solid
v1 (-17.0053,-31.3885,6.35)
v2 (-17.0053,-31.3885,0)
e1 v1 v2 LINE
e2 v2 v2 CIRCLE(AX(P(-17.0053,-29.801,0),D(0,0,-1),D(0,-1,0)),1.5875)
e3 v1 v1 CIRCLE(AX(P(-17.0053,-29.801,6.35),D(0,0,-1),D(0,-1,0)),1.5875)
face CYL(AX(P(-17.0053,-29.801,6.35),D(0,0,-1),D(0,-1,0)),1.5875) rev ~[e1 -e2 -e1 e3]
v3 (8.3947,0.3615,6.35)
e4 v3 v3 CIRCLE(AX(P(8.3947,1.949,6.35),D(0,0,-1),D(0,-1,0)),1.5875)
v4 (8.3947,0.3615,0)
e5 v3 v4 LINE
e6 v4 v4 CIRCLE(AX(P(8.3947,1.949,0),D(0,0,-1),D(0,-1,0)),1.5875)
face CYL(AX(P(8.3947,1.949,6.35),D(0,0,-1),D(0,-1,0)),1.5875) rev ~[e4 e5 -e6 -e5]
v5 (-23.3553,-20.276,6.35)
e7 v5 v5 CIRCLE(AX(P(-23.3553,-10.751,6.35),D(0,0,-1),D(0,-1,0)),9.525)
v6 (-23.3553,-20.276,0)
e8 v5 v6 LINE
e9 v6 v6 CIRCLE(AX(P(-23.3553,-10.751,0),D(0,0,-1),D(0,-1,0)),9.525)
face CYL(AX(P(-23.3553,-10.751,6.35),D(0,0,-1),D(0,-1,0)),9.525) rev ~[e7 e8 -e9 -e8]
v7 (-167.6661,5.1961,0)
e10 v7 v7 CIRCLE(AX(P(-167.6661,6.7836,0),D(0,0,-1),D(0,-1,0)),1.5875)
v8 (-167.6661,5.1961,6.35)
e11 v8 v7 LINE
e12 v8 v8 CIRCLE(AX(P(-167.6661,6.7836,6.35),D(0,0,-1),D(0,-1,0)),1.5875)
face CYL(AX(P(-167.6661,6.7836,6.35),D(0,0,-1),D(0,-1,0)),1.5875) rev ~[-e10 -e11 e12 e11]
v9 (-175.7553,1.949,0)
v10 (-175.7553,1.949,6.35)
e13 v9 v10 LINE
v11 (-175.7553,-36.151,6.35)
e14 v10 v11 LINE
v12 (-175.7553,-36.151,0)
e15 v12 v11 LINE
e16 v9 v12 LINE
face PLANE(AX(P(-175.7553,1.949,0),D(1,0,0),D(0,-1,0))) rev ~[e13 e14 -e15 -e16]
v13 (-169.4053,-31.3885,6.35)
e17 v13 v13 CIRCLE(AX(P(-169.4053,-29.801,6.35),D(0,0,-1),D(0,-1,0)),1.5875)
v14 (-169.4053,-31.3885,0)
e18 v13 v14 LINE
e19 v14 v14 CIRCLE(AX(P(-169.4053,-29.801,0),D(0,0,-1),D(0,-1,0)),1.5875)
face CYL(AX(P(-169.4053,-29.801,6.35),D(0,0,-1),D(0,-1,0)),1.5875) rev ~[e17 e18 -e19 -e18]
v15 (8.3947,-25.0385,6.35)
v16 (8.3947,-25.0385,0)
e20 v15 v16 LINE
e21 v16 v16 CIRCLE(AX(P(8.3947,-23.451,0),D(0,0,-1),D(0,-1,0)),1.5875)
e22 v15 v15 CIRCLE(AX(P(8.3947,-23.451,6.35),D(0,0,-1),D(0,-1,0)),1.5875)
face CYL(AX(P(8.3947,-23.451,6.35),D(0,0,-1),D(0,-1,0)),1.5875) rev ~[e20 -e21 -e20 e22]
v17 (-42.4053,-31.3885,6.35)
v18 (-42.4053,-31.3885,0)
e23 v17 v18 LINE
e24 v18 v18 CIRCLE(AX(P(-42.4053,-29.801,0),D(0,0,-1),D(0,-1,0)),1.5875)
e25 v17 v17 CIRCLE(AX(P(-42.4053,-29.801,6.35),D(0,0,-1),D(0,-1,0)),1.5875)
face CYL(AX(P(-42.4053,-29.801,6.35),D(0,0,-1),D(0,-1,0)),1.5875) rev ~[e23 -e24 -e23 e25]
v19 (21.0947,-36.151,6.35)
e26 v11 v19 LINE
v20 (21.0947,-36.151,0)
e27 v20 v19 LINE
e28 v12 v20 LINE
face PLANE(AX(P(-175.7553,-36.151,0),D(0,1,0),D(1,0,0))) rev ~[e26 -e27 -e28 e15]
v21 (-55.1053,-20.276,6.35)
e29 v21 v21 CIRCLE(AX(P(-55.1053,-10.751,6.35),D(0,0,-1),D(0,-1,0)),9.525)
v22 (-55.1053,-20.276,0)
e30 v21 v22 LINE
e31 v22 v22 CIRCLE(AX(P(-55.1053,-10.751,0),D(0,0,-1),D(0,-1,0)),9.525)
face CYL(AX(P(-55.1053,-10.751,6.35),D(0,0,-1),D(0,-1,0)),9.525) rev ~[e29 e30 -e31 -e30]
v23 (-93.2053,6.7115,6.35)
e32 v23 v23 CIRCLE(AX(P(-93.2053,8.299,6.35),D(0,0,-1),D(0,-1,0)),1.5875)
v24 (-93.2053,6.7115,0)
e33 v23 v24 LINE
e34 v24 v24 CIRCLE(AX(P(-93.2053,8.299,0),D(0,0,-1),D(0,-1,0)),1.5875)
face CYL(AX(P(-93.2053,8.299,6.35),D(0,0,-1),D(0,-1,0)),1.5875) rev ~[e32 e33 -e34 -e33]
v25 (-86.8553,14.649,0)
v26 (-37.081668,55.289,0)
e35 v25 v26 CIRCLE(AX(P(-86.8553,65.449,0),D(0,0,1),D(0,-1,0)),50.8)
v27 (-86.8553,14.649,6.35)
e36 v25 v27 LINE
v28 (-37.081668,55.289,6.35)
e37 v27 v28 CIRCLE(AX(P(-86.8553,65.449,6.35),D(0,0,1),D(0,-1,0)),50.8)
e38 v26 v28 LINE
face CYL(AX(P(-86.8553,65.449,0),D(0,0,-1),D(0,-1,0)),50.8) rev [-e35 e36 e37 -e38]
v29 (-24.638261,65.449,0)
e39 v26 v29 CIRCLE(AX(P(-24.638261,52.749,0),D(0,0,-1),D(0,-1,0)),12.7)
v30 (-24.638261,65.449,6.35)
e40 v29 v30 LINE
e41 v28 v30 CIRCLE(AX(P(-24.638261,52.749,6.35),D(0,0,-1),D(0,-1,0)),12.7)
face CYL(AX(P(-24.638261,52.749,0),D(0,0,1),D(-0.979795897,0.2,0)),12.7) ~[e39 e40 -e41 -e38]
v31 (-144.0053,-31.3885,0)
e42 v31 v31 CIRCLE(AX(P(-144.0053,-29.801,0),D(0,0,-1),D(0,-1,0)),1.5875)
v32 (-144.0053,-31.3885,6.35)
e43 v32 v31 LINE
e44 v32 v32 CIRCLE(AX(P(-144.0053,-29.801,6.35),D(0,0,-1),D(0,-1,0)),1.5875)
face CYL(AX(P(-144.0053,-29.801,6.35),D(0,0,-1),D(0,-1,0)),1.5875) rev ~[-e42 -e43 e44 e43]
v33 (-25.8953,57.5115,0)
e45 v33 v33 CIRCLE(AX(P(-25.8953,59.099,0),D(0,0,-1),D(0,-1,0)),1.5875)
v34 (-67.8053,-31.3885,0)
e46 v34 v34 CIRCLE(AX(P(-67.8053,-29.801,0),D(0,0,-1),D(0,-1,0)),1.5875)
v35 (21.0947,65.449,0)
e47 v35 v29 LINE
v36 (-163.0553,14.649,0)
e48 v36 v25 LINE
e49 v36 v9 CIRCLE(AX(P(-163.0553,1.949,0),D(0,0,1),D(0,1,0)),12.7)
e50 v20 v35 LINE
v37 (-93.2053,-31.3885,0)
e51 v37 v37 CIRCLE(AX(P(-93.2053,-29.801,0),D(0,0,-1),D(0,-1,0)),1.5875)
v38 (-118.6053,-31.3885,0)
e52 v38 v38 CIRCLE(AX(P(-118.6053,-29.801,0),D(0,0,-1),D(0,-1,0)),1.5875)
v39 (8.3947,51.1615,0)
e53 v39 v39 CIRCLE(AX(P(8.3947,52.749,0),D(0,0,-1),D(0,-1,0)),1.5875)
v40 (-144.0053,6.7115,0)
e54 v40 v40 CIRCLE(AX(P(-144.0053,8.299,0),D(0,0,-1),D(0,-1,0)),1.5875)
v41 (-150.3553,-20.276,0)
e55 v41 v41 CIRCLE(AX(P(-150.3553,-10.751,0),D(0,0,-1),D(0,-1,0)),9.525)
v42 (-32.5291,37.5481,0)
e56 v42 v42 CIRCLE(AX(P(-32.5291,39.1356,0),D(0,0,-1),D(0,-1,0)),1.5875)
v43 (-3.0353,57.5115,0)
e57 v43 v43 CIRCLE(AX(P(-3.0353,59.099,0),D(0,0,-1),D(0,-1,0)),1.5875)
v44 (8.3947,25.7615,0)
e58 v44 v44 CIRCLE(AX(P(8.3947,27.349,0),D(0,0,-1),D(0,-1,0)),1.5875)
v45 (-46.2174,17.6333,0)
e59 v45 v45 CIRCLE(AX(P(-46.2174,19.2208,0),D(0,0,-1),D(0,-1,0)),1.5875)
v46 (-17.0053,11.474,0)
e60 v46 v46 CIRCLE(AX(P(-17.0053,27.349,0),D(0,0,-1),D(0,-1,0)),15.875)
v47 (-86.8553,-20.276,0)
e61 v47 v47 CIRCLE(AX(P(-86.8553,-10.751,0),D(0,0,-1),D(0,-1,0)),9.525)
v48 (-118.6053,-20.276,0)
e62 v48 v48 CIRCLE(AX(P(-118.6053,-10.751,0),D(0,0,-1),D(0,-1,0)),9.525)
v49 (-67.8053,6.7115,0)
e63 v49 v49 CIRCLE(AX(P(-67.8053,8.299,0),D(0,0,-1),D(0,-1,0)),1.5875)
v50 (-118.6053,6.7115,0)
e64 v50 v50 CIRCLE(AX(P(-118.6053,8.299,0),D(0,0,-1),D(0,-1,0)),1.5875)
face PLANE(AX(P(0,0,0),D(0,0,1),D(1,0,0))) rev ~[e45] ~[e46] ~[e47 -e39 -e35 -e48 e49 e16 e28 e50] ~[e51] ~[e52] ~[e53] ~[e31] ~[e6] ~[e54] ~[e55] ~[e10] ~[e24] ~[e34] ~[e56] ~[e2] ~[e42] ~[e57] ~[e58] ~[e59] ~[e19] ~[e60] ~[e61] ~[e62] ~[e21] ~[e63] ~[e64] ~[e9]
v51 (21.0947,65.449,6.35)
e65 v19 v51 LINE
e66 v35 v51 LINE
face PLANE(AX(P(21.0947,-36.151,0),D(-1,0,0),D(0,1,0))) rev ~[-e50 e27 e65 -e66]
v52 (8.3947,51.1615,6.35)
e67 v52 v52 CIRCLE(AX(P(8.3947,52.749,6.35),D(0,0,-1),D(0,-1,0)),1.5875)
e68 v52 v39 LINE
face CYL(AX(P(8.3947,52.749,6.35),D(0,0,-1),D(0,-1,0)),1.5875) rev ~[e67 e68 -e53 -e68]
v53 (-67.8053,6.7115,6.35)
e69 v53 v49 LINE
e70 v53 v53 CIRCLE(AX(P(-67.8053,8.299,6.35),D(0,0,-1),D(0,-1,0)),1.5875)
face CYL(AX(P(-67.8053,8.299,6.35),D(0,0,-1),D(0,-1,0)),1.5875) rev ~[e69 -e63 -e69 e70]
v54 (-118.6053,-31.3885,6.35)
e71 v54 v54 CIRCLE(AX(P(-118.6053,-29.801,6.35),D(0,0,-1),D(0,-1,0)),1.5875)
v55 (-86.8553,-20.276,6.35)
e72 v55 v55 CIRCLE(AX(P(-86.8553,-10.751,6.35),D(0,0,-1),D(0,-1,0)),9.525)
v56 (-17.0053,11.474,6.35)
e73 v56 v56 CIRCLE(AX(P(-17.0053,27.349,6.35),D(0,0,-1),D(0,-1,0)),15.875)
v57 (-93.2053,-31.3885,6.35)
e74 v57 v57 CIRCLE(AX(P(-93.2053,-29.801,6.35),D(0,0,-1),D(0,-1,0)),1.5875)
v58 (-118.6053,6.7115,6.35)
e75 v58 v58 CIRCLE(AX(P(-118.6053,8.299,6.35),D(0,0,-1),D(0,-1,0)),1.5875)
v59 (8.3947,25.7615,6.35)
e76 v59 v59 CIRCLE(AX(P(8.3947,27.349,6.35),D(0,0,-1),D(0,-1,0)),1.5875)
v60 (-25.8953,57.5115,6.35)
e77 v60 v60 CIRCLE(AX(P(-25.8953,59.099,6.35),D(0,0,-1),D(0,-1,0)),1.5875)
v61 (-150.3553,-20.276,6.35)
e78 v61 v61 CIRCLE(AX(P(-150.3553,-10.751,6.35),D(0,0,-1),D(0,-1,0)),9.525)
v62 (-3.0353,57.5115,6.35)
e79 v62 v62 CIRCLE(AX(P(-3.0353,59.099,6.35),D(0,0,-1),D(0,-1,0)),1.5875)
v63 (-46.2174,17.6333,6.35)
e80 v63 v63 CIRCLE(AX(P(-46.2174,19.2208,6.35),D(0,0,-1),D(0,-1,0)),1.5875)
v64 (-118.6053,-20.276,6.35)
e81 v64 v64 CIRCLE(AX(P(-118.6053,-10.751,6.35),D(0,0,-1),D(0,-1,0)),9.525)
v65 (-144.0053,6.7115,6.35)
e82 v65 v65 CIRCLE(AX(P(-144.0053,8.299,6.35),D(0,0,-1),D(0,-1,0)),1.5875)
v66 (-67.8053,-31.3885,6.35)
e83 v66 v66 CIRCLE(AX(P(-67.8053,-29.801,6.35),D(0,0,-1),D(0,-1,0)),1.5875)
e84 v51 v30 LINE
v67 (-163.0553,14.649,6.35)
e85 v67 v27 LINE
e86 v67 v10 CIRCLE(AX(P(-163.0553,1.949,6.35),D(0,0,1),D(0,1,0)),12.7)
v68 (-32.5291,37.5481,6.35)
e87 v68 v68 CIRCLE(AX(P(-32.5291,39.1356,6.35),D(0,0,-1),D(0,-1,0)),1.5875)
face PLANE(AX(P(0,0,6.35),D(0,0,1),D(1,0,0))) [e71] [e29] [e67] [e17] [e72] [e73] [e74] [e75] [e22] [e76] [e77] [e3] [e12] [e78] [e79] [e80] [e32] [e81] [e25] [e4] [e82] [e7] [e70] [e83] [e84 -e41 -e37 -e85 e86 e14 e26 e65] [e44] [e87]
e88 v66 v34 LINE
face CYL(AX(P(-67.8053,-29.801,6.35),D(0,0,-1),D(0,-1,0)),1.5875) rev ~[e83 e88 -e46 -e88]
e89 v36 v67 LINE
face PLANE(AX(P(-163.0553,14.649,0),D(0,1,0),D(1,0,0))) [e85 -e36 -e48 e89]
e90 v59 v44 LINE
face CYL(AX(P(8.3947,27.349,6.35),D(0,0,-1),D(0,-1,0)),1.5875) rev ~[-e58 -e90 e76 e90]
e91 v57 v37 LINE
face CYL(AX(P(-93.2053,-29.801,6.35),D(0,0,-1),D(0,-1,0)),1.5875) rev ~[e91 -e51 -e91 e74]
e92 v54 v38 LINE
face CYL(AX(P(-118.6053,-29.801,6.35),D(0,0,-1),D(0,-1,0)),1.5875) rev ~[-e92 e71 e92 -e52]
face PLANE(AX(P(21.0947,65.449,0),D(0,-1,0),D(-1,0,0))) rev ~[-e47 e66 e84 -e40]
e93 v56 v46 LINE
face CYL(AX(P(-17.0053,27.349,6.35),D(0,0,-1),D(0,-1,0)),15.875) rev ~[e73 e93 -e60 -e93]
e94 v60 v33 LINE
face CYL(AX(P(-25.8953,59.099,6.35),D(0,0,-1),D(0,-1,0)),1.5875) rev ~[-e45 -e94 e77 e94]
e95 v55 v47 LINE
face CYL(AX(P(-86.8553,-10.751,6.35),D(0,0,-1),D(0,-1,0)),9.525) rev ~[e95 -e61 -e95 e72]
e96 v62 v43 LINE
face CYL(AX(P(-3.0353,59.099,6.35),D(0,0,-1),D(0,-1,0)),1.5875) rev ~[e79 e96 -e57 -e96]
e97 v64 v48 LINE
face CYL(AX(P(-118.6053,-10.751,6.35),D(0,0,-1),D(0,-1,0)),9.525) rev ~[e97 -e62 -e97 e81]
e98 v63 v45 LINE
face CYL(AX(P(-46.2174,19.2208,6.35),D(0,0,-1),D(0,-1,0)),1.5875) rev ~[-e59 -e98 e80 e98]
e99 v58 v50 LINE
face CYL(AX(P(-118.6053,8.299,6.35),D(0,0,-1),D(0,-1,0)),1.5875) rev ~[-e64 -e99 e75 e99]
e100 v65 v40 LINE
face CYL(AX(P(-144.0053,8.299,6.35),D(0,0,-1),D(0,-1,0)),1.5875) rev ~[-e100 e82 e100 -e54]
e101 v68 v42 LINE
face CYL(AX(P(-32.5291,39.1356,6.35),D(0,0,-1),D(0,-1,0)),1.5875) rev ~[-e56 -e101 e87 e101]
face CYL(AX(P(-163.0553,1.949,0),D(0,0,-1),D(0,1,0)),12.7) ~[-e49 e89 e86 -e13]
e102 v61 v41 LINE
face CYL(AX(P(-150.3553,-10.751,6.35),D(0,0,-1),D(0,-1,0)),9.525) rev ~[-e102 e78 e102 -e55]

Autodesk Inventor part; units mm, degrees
ref_plane "YZ Plane" through (0, 0, 0) normal (1, 0, 0) x (0, 1, 0)
ref_plane "XZ Plane" through (0, 0, 0) normal (0, 1, 0) x (-1, 0, 0)
ref_plane "XY Plane" through (0, 0, 0) normal (0, 0, 1) x (1, 0, 0)
sketch "Sketch1" plane through (0, 0, 0) normal (0, 0, 1) x (1, 0, 0)
  line L0 (-175.7553, 1.949) -> (-175.7553, -36.151)
  line L1 (-175.7553, -36.151) -> (21.0947, -36.151)
  line L2 (21.0947, -36.151) -> (21.0947, 65.449)
  line L3 (21.0947, 65.449) -> (-36.0553, 65.449)
  line L4 (-163.0553, 14.649) -> (-86.8553, 14.649)
  line L5 (-36.0553, 65.449) -> (-36.0553, 65.449)
  arc A0 (-86.8553, 14.649) -> (-36.0553, 65.449) centre (-86.8553, 65.449) ccw
  arc A1 (-163.0553, 14.649) -> (-175.7553, 1.949) centre (-163.0553, 1.949) ccw
  point P0 (0, 0)
  point P1 (-175.7553, 14.649)
  dimension "d0" = 196.85
  dimension "d1" = 101.6
  dimension "d2" = 57.15
  dimension "d3" = 50.8
  dimension "d7" = 50.8
  dimension "d8" = 12.7
extrude "Extrusion1" add sketch "Sketch1" along normal blind 6.35
hole "Hole1" at (-169.4053, -29.801, 6.35) direction (0, 0, -1) diameter 3.175 end through all
pattern_linear "Rectangular Pattern1" count 7 spacing 25.4 along (1, 0, 0) of "Hole1"
hole "Hole2" at (-144.0053, 8.299, 6.35) direction (0, 0, -1) diameter 3.175 end through all
pattern_linear "Rectangular Pattern2" count 4 spacing 25.4 along (1, 0, 0) of "Hole2"
hole "Hole3" at (-46.2174, 19.2208, 6.35) direction (0, 0, -1) diameter 3.175 end through all
hole "Hole4" at (-32.5291, 39.1356, 6.35) direction (0, 0, -1) diameter 3.175 end through all
hole "Hole5" at (-25.8953, 59.099, 6.35) direction (0, 0, -1) diameter 3.175 end through all
pattern_linear "Rectangular Pattern3" count 2 spacing 22.86 along (1, 0, 0) of "Hole5"
hole "Hole6" at (-167.6661, 6.7836, 6.35) direction (0, 0, -1) diameter 3.175 end through all
fillet "Fillet1" radius 12.7 1 edges at (-36.0553, 65.449, 3.175)
hole "Hole7" at (-150.3553, -10.751, 6.35) direction (0, 0, -1) diameter 19.05 end through all
pattern_linear "Rectangular Pattern4" count 5 spacing 31.75 along (1, 0, 0) of "Hole7"
hole "Hole8" at (-17.0053, 27.349, 6.35) direction (0, 0, -1) diameter 31.75 end through all
hole "Hole9" at (8.3947, -23.451, 6.35) direction (0, 0, -1) diameter 3.175 end through all
pattern_linear "Rectangular Pattern5" count 4 spacing 25.4 along (0, 1, 0) of "Hole9"
properties part number "arm droit"
